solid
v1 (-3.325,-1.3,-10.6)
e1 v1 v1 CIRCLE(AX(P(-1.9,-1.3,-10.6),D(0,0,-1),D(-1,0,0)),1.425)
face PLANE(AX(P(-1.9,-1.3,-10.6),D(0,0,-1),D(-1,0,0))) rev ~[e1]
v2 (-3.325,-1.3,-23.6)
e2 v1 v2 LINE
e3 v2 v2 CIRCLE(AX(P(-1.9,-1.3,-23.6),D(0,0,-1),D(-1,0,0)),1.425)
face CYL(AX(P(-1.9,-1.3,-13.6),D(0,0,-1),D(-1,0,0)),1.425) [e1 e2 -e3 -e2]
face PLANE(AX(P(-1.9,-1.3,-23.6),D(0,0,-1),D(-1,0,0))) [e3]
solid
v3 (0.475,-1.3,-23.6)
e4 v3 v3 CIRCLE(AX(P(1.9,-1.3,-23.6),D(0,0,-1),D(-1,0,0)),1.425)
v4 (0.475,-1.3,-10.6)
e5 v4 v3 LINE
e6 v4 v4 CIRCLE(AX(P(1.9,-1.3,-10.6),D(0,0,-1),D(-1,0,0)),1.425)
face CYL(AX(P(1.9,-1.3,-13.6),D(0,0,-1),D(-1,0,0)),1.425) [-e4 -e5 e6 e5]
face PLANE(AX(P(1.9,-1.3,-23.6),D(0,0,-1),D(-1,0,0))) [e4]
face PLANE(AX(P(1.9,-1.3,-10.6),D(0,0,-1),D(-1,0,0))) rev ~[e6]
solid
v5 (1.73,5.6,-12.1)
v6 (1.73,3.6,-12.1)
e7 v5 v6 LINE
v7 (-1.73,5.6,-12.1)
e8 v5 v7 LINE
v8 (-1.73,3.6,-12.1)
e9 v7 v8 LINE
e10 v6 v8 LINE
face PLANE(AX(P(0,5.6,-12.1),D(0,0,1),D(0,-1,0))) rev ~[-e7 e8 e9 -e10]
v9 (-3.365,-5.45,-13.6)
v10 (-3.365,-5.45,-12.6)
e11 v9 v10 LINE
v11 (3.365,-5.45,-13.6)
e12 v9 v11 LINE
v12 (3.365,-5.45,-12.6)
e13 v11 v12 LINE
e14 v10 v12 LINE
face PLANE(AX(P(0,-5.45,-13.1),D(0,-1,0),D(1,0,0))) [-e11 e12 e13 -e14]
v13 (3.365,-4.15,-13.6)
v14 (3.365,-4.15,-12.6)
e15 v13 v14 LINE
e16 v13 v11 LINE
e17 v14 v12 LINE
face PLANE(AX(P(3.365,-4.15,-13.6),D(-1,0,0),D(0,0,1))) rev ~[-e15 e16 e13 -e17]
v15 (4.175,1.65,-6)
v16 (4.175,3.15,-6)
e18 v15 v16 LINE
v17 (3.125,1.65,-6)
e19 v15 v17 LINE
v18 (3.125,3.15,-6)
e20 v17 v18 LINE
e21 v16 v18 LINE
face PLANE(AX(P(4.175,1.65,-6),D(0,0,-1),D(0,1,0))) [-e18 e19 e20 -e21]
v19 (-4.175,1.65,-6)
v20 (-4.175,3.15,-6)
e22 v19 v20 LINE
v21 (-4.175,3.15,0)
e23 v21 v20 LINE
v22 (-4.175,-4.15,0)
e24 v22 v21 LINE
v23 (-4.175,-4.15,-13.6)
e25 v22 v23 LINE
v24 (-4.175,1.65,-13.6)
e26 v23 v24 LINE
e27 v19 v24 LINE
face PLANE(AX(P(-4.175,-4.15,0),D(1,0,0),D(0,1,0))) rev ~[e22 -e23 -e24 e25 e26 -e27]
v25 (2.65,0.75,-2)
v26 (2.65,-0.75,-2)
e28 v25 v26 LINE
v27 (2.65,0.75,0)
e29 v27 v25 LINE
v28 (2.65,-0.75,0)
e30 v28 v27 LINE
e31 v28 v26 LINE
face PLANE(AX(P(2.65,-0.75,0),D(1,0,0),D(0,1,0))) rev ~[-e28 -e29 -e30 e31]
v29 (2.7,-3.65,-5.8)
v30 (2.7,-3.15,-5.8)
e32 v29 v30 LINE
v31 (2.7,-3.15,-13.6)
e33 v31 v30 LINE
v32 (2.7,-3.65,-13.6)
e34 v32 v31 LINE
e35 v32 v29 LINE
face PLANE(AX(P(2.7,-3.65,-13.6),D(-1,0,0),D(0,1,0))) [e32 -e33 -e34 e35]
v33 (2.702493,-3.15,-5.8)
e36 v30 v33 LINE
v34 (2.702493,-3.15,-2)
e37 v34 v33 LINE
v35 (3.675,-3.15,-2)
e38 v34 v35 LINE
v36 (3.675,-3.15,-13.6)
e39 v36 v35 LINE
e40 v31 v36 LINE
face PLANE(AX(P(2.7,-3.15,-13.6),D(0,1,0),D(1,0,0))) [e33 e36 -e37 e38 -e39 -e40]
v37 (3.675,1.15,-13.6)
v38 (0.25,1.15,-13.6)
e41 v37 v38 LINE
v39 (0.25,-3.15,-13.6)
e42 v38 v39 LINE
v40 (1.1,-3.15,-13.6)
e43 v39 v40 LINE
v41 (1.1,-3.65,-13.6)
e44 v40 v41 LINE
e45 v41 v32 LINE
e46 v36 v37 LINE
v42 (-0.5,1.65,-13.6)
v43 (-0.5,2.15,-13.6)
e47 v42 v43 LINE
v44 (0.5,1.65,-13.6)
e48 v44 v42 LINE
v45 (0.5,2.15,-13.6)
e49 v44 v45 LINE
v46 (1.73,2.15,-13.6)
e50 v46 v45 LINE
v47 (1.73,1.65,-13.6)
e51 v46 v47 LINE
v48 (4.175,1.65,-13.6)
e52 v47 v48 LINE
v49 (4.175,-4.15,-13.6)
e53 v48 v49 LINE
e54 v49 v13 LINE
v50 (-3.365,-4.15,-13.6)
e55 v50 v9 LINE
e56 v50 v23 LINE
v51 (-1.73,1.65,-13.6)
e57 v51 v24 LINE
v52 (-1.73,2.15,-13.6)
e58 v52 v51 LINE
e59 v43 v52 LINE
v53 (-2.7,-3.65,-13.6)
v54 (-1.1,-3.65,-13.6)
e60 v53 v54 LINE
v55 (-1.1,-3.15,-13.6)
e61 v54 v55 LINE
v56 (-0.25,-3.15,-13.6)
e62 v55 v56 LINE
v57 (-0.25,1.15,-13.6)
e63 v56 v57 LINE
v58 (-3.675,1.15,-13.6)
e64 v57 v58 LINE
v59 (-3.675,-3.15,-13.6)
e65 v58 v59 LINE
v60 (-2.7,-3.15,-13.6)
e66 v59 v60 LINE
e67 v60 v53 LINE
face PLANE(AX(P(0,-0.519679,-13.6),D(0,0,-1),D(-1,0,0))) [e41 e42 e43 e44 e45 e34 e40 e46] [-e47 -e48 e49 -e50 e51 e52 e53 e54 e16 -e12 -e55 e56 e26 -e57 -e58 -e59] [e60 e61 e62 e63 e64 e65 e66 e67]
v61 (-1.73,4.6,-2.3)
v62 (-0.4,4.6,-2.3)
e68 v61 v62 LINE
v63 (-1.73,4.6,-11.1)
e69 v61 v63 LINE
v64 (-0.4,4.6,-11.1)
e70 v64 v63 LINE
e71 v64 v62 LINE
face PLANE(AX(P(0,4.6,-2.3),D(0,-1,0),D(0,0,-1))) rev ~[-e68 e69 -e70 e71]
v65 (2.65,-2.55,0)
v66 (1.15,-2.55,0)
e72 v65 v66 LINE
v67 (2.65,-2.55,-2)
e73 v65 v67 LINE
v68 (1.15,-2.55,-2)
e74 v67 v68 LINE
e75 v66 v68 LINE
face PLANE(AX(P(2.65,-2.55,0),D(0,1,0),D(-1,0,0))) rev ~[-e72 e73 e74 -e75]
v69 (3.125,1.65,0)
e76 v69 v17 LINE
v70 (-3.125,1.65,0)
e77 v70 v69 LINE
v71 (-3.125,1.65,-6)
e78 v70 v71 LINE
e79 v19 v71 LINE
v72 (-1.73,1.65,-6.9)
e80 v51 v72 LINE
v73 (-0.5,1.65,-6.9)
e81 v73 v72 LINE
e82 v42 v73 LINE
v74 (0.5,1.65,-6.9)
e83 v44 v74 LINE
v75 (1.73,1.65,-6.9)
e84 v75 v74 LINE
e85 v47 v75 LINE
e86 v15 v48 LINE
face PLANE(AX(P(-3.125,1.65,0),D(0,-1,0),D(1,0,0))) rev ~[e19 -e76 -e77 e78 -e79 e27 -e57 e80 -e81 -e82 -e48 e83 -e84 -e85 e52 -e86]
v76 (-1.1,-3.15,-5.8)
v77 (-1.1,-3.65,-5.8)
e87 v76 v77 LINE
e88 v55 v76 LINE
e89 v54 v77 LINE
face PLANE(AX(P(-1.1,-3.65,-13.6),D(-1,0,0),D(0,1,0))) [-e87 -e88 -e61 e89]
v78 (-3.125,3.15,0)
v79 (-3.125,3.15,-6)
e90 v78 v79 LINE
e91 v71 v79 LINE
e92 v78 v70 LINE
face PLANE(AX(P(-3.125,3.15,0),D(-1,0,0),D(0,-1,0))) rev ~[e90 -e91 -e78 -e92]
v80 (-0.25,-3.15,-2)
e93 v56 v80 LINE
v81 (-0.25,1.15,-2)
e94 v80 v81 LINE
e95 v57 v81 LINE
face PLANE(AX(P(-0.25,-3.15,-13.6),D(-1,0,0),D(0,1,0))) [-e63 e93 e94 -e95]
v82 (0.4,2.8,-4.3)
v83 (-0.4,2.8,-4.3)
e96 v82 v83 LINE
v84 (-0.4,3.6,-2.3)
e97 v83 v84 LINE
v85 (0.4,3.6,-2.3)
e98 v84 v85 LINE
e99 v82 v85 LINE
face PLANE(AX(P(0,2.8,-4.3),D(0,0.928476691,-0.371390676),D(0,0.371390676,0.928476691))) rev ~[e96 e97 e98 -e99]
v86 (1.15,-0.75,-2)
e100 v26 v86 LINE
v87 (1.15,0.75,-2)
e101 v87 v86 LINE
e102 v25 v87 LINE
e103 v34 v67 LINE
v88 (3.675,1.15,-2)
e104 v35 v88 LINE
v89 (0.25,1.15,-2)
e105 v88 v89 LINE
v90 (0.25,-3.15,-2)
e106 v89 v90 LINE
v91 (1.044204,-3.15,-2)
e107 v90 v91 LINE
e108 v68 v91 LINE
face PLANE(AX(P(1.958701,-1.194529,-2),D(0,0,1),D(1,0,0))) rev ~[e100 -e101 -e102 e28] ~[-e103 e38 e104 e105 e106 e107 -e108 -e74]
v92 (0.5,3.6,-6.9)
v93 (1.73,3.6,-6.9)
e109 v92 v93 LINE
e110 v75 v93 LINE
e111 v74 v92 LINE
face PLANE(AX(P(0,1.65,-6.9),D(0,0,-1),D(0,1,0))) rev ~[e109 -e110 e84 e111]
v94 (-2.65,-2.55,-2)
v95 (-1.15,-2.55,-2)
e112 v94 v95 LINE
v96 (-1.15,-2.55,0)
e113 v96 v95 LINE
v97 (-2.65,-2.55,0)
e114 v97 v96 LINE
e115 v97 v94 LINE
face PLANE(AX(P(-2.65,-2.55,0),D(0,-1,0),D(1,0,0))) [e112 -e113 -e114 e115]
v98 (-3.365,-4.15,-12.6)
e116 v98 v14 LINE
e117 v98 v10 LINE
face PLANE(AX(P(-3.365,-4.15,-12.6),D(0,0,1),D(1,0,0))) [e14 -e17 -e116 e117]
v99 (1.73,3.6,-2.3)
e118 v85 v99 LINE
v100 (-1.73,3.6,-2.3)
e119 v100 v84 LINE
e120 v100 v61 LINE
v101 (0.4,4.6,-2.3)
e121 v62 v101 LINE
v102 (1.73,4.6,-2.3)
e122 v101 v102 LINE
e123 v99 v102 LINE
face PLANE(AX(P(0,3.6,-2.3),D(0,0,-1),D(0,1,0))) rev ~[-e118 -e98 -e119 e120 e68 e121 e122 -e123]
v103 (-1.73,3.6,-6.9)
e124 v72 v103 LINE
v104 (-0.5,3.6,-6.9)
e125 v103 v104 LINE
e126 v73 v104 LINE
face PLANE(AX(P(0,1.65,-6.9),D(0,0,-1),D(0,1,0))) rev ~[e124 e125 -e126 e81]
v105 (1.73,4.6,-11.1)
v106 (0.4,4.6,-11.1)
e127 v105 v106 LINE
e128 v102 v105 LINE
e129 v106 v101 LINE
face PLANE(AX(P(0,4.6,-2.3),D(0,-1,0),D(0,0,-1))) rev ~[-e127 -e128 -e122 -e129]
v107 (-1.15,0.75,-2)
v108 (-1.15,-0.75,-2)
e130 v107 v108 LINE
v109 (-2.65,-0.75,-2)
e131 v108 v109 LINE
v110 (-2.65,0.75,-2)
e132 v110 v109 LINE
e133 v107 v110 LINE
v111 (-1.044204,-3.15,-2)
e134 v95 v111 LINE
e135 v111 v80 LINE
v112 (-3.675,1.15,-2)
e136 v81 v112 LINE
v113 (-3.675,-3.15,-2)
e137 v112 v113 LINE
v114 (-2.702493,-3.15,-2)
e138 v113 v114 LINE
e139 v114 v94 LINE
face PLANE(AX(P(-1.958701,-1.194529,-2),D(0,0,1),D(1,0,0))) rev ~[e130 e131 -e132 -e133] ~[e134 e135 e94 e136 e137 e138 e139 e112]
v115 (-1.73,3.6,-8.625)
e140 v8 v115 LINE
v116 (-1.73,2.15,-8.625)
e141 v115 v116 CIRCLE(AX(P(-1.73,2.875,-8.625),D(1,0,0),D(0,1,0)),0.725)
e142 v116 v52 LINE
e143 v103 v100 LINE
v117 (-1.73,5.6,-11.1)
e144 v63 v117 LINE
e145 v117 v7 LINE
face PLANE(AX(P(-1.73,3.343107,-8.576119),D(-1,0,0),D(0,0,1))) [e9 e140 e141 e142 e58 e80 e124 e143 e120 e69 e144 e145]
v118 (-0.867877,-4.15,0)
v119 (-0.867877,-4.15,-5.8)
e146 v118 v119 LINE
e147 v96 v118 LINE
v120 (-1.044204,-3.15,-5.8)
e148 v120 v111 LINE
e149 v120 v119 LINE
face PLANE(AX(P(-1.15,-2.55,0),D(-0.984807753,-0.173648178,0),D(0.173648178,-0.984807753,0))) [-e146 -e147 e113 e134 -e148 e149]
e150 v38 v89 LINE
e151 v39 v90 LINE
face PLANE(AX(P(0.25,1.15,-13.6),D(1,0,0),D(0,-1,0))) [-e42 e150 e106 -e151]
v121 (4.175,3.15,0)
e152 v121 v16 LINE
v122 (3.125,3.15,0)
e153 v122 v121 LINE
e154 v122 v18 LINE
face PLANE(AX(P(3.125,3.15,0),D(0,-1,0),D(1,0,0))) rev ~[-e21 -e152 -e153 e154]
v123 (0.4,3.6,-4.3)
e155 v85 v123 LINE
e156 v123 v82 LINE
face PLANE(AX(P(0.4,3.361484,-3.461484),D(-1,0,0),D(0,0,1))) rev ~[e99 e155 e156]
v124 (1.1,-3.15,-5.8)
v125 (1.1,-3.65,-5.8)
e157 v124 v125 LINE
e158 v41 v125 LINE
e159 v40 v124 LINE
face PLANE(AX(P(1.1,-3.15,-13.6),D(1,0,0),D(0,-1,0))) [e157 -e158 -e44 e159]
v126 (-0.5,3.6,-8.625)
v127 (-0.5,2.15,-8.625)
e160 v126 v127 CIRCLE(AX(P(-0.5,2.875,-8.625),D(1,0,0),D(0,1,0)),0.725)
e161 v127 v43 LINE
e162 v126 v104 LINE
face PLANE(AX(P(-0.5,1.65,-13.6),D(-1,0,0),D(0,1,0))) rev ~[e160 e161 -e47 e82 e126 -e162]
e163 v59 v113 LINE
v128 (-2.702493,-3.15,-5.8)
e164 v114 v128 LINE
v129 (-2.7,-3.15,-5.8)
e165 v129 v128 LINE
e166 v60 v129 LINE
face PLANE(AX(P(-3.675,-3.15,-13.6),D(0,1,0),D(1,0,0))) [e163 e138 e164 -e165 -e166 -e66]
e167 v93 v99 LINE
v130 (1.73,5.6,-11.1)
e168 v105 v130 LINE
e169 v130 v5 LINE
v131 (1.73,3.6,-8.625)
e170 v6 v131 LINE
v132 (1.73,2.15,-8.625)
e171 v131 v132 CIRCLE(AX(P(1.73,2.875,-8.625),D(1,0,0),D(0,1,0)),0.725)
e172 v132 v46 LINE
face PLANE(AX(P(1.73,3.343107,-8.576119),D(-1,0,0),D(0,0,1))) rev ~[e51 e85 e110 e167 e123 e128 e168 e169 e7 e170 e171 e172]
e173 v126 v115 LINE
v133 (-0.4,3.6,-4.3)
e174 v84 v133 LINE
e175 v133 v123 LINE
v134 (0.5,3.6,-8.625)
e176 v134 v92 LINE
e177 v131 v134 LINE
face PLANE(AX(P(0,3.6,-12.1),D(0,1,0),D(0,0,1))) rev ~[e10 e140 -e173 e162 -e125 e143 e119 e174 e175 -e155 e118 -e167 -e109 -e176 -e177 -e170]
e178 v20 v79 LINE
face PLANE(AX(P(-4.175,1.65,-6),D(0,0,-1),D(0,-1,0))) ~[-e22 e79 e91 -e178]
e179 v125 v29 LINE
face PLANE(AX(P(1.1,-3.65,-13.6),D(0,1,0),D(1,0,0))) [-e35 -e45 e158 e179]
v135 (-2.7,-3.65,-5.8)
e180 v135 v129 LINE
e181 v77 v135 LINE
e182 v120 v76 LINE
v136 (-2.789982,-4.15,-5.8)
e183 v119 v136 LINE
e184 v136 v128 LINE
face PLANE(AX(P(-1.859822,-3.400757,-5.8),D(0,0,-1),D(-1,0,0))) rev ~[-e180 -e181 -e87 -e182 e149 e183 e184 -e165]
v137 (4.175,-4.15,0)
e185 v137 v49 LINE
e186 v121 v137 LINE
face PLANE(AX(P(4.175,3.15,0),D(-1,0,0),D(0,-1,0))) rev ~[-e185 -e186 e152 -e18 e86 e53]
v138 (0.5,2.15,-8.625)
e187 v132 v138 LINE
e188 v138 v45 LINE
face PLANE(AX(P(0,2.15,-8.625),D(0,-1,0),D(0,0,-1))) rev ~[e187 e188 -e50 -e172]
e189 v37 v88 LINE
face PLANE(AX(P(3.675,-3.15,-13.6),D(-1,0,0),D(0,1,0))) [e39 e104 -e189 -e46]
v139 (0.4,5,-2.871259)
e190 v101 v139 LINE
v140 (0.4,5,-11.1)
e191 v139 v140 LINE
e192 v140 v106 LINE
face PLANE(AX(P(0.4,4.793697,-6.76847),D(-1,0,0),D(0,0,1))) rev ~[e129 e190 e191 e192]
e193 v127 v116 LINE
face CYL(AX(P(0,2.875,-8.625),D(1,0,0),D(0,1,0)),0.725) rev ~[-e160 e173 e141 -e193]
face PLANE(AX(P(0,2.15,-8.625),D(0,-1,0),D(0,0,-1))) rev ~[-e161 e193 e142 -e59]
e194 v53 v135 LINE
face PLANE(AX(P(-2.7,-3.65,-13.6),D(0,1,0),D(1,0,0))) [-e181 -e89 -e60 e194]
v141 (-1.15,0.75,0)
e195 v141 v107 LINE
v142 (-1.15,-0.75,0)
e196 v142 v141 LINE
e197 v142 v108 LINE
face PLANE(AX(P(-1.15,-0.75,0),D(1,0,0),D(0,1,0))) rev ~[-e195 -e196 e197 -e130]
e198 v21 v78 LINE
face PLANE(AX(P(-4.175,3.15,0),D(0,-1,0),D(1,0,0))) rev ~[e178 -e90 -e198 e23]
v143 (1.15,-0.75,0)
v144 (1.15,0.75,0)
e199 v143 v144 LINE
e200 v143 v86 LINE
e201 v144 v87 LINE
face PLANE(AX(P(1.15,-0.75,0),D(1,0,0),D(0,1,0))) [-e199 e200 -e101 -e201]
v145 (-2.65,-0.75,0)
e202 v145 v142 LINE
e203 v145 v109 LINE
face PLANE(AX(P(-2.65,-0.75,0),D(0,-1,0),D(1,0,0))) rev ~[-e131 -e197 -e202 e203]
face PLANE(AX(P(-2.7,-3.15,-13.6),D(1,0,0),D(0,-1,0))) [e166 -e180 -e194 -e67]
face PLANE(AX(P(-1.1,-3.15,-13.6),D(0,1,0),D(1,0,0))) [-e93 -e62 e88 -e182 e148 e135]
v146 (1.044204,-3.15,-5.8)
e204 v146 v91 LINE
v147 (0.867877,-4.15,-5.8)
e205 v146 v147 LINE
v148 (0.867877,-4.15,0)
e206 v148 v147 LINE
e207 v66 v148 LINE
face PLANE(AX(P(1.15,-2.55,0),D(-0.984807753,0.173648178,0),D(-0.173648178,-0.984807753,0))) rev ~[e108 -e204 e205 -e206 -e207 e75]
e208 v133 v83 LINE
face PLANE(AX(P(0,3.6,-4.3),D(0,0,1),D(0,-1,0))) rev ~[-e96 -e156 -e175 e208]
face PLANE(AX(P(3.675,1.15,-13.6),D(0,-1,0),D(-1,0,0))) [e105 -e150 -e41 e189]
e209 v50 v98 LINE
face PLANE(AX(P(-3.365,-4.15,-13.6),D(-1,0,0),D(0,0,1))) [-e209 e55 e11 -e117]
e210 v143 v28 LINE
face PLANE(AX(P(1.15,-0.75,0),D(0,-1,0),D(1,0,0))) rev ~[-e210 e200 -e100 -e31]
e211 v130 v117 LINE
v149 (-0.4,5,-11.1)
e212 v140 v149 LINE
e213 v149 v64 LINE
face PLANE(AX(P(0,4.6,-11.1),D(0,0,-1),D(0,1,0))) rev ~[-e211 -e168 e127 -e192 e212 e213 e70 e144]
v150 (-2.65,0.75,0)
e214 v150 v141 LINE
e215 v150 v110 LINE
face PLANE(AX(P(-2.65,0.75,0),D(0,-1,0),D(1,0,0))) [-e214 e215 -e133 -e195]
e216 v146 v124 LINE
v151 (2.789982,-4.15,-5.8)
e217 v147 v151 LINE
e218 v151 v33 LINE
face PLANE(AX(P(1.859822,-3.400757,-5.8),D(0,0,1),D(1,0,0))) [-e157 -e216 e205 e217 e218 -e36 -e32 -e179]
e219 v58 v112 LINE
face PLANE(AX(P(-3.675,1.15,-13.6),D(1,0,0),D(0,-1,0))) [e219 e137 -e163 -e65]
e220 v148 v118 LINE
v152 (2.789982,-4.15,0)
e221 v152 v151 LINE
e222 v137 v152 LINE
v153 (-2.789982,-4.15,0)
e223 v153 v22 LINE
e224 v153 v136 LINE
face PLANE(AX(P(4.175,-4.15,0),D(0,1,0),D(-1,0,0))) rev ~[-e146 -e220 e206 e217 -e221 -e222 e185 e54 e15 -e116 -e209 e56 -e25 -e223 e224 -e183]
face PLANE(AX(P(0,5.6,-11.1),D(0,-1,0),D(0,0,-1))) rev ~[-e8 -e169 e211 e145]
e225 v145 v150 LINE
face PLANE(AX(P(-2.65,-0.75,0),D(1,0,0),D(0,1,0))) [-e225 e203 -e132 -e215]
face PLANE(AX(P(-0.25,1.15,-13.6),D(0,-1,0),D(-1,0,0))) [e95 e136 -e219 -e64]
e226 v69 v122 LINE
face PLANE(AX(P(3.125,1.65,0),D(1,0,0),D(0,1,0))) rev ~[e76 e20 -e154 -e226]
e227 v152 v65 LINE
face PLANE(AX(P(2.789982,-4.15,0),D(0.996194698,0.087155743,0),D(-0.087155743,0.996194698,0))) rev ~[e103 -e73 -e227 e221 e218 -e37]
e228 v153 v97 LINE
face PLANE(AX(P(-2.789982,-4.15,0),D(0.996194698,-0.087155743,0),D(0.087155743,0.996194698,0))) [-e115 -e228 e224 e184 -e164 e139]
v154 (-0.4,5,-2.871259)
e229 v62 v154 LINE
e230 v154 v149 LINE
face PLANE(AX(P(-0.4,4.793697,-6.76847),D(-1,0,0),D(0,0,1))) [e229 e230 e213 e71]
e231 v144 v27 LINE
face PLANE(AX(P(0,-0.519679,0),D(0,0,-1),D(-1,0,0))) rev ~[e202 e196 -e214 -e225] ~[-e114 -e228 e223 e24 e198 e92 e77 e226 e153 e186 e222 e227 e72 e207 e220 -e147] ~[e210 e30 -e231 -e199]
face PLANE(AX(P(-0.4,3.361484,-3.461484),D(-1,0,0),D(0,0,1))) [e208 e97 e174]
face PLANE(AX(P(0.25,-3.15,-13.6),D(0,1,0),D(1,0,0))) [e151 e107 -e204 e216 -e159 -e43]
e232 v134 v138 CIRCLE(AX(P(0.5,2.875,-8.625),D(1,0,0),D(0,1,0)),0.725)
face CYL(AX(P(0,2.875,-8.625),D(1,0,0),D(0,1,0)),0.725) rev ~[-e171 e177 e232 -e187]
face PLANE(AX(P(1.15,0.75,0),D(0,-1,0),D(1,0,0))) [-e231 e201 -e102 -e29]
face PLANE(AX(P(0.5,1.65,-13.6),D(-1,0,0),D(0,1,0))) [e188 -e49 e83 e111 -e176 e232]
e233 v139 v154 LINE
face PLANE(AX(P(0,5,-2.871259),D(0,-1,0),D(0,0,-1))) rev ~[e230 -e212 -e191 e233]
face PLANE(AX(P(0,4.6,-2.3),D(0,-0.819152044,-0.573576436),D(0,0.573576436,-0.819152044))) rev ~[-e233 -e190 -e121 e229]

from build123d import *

# Parameters (mm, degrees)
ESQUISSE1_W               = 1.5
ESQUISSE1_H               = 1.5
BOSS_EXTRU_1_DEPTH        = 13.6
BOSS_EXTRU_2_DEPTH        = 1.73
BOSS_EXTRU_3_DEPTH        = 0.4
BOSS_EXTRU_4_DEPTH        = 0.4
ESQUISSE5_W               = 1
ESQUISSE5_H               = 1.95
ENL_V_MAT_EXTRU_1_DEPTH   = 6.7
ESQUISSE6_W               = 6.73
ESQUISSE6_H               = 1
BOSS_EXTRU_5_DEPTH        = 1.3
ESQUISSE8_W               = 7.6
ESQUISSE8_H               = 1.5
ENL_V_MAT_EXTRU_3_DEPTH   = 1.1
ENL_V_MAT_EXTRU_2_DEPTH   = 11.6
ENL_V_MAT_EXTRU_4_DEPTH   = 5.8
ESQUISSE11_R              = 1.425
BOSS_EXTRU_6_DEPTH        = 10
BOSS_EXTRU_6_DEPTH_BACK   = 3
BOSS_EXTRU_6_2_DEPTH      = 10
BOSS_EXTRU_6_2_DEPTH_BACK = 3


with BuildPart() as part:
    # Esquisse1 → Boss.-Extru.1 (new body)
    with BuildSketch(Plane.XY):
        Polygon((-4.175, 3.15), (-3.125, 3.15), (-3.125, 1.65), (3.125, 1.65), (3.125, 3.15), (4.175, 3.15), (4.175, -4.15), (-4.175, -4.15), align=None)
        with Locations((-1.9, 0)):
            Rectangle(ESQUISSE1_W, ESQUISSE1_H, mode=Mode.SUBTRACT)
        with Locations((1.9, 0)):
            Rectangle(ESQUISSE1_W, ESQUISSE1_H, mode=Mode.SUBTRACT)
    extrude(amount=-BOSS_EXTRU_1_DEPTH)

    # Esquisse2 → Boss.-Extru.2 (add, symmetric)
    with BuildSketch(Plane(origin=(0, 0, 0), x_dir=(0, 0, -1), z_dir=(1, 0, 0))):
        with BuildLine():
            Line((2.3, 4.6), (11.1, 4.6))
            Line((11.1, 4.6), (11.1, 5.6))
            Line((11.1, 5.6), (12.1, 5.6))
            Line((12.1, 5.6), (12.1, 3.6))
            Line((12.1, 3.6), (8.625, 3.6))
            ThreePointArc((8.625, 3.6), (7.9, 2.875), (8.625, 2.15))
            Line((8.625, 2.15), (13.6, 2.15))
            Line((13.6, 2.15), (13.6, 1.65))
            Line((13.6, 1.65), (6.9, 1.65))
            Line((6.9, 1.65), (6.9, 3.6))
            Line((6.9, 3.6), (2.3, 3.6))
            Line((2.3, 3.6), (2.3, 4.6))
        make_face()
    extrude(amount=BOSS_EXTRU_2_DEPTH, both=True)

    # Esquisse3 → Boss.-Extru.3 (add, symmetric)
    with BuildSketch(Plane(origin=(0, 0, 0), x_dir=(0, 0, -1), z_dir=(1, 0, 0))):
        Polygon((2.3, 4.6), (2.871259203, 5), (11.1, 5), (11.1, 4.6), align=None)
    extrude(amount=BOSS_EXTRU_3_DEPTH, both=True)

    # Esquisse4 → Boss.-Extru.4 (add, symmetric)
    with BuildSketch(Plane(origin=(0, 0, 0), x_dir=(0, 0, -1), z_dir=(1, 0, 0))):
        Polygon((4.3, 3.6), (4.3, 2.8), (2.3, 3.6), align=None)
    extrude(amount=BOSS_EXTRU_4_DEPTH, both=True)

    # Esquisse5 → Enlèv. mat.-Extru.1 (cut)
    with BuildSketch(Plane(origin=(0, 0, -13.6), x_dir=(-1, 0, 0), z_dir=(0, 0, -1))):
        with Locations((0, 2.625)):
            Rectangle(ESQUISSE5_W, ESQUISSE5_H)
    extrude(amount=-ENL_V_MAT_EXTRU_1_DEPTH, mode=Mode.SUBTRACT)

    # Esquisse6 → Boss.-Extru.5 (add)
    with BuildSketch(Plane.XZ.offset(4.15)):
        with Locations((0, -13.1)):
            Rectangle(ESQUISSE6_W, ESQUISSE6_H)
    extrude(amount=BOSS_EXTRU_5_DEPTH)

    # Esquisse8 → Enlèv. mat.-Extru.3 (cut)
    with BuildSketch(Plane(origin=(4.175, 0, 0), x_dir=(0, 0, -1), z_dir=(1, 0, 0))):
        with Locations((9.8, 2.4)):
            Rectangle(ESQUISSE8_W, ESQUISSE8_H)
    enl_v_mat_extru_3 = extrude(amount=-ENL_V_MAT_EXTRU_3_DEPTH, mode=Mode.SUBTRACT)

    # Symétrie1: Enlèv. mat.-Extru.3 across plane
    add(enl_v_mat_extru_3.mirror(Plane(origin=(0, 0, 0), x_dir=(0, 0, 1), z_dir=(1, 0, 0))), mode=Mode.SUBTRACT)

    # Esquisse7 → Enlèv. mat.-Extru.2 (cut)
    with BuildSketch(Plane(origin=(0, 0, -13.6), x_dir=(-1, 0, 0), z_dir=(0, 0, -1))):
        Polygon((-3.675, 1.15), (-0.25, 1.15), (-0.25, -3.15), (-1.1, -3.15), (-1.1, -3.65), (-2.7, -3.65), (-2.7, -3.15), (-3.675, -3.15), align=None)
        Polygon((3.675, 1.15), (3.675, -3.15), (2.7, -3.15), (2.7, -3.65), (1.1, -3.65), (1.1, -3.15), (0.25, -3.15), (0.25, 1.15), align=None)
    extrude(amount=-ENL_V_MAT_EXTRU_2_DEPTH, mode=Mode.SUBTRACT)

    # Esquisse10 → Enlèv. mat.-Extru.4 (cut)
    with BuildSketch(Plane.XY):
        Polygon((2.789981862, -4.15), (2.65, -2.55), (1.15, -2.55), (0.867876831, -4.15), align=None)
        Polygon((-0.867876831, -4.15), (-2.789981862, -4.15), (-2.65, -2.55), (-1.15, -2.55), align=None)
    extrude(amount=-ENL_V_MAT_EXTRU_4_DEPTH, mode=Mode.SUBTRACT)


with BuildPart() as body_2:
    # Esquisse11 → Boss.-Extru.6 (new body, two sides)
    with BuildSketch(Plane(origin=(0, 0, -13.6), x_dir=(-1, 0, 0), z_dir=(0, 0, -1))) as boss_extru_6_sk:
        with Locations((-1.9, -1.3)):
            Circle(ESQUISSE11_R)
    extrude(amount=BOSS_EXTRU_6_DEPTH)
    extrude(boss_extru_6_sk.sketch, amount=-BOSS_EXTRU_6_DEPTH_BACK)


with BuildPart() as body_3:
    # Esquisse11 → Boss.-Extru.6 2 (new body, two sides)
    with BuildSketch(Plane(origin=(0, 0, -13.6), x_dir=(-1, 0, 0), z_dir=(0, 0, -1))) as boss_extru_6_2_sk:
        with Locations((1.9, -1.3)):
            Circle(ESQUISSE11_R)
    extrude(amount=BOSS_EXTRU_6_2_DEPTH)
    extrude(boss_extru_6_2_sk.sketch, amount=-BOSS_EXTRU_6_2_DEPTH_BACK)


solid = Compound([part.part, body_2.part, body_3.part])
